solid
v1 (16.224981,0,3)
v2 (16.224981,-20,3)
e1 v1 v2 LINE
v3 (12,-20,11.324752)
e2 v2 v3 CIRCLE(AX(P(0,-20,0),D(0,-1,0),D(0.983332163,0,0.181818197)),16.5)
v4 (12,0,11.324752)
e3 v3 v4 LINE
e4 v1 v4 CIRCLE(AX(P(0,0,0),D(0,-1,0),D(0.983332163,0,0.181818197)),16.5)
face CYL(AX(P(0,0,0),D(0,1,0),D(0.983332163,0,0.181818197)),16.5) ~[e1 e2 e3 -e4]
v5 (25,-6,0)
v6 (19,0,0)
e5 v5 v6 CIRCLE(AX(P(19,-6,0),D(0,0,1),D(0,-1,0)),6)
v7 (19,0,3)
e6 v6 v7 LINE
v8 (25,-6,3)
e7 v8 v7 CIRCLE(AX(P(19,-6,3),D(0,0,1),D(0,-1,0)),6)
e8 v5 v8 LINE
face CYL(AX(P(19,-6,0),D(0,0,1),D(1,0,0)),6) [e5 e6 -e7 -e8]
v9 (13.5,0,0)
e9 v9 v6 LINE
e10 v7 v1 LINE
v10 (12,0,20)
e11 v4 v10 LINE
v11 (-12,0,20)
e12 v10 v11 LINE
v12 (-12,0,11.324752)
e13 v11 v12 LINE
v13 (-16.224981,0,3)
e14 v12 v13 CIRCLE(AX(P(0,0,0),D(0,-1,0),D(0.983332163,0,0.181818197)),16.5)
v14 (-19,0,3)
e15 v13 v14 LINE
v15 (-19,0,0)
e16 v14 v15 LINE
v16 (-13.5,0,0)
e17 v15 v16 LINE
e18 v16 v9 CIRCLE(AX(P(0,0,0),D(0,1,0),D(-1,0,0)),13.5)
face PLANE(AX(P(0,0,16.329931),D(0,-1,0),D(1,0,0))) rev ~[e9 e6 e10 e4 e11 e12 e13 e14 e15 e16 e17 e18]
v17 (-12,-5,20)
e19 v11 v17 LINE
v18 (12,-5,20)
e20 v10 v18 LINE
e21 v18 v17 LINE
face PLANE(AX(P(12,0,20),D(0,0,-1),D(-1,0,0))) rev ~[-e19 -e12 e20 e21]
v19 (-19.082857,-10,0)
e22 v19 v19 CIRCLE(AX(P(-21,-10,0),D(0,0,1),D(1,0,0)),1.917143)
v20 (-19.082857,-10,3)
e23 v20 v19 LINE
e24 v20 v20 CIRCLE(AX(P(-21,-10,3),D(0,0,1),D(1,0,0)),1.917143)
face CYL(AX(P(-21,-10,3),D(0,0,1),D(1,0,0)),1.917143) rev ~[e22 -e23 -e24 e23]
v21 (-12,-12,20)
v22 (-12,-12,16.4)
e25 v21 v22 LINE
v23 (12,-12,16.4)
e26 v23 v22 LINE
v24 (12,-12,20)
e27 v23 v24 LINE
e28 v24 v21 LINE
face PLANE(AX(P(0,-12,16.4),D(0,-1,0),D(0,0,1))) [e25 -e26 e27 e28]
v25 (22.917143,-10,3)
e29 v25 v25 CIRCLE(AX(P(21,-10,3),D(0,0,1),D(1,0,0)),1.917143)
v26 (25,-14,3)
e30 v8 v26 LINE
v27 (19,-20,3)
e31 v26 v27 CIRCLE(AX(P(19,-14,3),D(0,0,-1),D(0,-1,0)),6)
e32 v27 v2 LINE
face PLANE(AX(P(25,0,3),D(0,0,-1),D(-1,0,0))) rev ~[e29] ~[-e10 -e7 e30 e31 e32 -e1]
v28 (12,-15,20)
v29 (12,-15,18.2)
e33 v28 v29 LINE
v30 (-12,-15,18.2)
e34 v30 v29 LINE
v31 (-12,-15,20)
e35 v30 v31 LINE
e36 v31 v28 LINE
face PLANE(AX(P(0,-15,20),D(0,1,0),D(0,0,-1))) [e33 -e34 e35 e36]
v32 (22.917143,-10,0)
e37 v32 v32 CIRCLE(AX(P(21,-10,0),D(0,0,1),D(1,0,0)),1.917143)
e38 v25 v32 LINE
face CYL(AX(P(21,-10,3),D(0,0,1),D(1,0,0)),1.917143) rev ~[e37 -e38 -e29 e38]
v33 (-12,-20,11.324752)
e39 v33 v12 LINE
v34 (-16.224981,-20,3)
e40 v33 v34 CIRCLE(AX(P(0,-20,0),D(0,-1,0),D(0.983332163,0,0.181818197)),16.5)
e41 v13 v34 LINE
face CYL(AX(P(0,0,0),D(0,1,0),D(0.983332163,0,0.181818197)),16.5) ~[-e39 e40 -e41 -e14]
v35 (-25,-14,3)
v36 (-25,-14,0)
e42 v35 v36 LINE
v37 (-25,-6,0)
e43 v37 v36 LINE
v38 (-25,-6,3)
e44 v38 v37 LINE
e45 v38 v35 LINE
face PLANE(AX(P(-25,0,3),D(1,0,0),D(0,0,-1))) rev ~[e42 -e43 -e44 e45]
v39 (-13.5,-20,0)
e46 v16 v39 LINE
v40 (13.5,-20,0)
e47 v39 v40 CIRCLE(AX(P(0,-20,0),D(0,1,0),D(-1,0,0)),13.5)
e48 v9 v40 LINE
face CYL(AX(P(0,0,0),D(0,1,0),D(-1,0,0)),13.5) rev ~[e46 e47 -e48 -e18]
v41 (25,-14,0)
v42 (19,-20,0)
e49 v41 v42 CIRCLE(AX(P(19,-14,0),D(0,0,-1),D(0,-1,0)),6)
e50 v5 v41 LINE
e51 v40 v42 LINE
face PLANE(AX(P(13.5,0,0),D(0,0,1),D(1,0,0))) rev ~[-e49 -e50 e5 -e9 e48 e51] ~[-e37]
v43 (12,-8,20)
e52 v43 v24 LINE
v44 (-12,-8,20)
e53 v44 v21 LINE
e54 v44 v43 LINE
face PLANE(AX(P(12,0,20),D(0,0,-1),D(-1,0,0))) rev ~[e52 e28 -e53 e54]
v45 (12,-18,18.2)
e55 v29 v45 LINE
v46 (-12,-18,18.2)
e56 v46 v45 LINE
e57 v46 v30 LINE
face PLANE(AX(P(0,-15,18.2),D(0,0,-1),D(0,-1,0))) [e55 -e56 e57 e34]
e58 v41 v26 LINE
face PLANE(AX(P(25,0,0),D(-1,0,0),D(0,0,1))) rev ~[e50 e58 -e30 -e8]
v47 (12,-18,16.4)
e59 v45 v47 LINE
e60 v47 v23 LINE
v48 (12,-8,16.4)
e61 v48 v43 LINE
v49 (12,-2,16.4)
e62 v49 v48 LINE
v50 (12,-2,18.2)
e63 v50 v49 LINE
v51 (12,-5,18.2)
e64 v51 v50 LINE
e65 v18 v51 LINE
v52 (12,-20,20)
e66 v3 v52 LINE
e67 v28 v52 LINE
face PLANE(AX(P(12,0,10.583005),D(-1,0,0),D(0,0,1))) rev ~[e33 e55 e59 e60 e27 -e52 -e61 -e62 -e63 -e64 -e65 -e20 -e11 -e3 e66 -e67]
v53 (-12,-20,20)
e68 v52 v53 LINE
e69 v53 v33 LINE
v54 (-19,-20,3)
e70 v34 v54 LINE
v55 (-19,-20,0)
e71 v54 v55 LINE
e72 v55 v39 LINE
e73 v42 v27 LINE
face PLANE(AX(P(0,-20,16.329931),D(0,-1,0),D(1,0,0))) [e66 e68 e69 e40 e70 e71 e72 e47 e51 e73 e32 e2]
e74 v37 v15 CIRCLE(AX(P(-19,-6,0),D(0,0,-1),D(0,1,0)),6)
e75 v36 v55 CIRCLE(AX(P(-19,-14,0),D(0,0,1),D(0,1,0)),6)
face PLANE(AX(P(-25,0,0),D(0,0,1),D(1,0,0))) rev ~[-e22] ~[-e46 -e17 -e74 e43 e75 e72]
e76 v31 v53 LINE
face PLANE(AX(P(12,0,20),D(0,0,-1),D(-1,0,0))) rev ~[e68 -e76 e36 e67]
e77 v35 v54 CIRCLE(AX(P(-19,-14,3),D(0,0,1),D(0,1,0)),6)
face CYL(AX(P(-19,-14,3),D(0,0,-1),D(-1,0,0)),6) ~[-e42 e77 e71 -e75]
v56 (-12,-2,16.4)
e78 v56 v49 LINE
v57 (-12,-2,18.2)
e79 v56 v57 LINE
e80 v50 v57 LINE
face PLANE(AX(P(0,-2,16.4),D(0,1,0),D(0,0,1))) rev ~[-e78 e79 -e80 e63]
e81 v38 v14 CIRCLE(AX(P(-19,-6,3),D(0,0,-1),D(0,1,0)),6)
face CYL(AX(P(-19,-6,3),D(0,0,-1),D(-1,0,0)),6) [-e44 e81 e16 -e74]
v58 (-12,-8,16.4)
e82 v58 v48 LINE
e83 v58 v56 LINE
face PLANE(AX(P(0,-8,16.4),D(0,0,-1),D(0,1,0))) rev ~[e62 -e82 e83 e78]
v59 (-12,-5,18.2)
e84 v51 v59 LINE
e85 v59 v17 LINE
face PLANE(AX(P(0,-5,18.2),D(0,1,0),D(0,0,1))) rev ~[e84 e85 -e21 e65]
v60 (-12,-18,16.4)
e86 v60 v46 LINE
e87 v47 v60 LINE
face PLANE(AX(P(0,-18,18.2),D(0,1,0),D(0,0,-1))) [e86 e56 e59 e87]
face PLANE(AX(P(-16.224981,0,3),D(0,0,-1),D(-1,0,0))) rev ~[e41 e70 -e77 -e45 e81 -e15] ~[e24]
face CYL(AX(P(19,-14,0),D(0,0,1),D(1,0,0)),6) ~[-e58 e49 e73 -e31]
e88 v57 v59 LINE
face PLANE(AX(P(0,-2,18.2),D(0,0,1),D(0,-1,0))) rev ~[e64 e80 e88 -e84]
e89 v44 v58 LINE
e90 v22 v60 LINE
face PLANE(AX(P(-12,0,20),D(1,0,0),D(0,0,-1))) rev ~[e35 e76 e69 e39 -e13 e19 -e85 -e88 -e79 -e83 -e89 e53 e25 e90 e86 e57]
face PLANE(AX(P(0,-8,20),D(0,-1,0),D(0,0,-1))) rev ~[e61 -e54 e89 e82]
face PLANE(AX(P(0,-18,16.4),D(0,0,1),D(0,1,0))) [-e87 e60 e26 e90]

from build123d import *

# Parameters (mm, degrees)
F1_DEPTH = 20
F2_R     = 6
F3_R     = 1.917143
F4_DEPTH = 25
F6_DEPTH = 20
F8_DEPTH = 12.5


with BuildPart() as f1:
    # F0 (on Front) → F1 (new body)
    with BuildSketch(Plane.XZ):
        with BuildLine():
            Line((-25, 3), (-25, 0))
            Line((-25, 0), (-13.5, 0))
            ThreePointArc((-13.5, 0), (0, 13.5), (13.5, 0))
            Line((13.5, 0), (25, 0))
            Line((25, 0), (25, 3))
            Line((25, 3), (16.224981, 3))
            ThreePointArc((16.224981, 3), (0, 16.5), (-16.224981, 3))
            Line((-16.224981, 3), (-25, 3))
        make_face()
    extrude(amount=F1_DEPTH)

    # F2
    f2_edges = [f1.edges().sort_by_distance(p)[0] for p in [
        (25, -20, 1.5),
        (25, 0, 1.5),
        (-25, -20, 1.5),
        (-25, 0, 1.5),
    ]]
    fillet(f2_edges, radius=F2_R)

    # F3 (on face) → F4 (cut)
    with BuildSketch(Plane.XY.offset(3)):
        with Locations((-21, -10)):
            Circle(F3_R)
        with Locations((21, -10)):
            Circle(F3_R)
    extrude(amount=-F4_DEPTH, mode=Mode.SUBTRACT)

    # F5 (on Front) → F6 (join)
    with BuildSketch(Plane.XZ):
        with BuildLine():
            Line((12, 20), (-12, 20))
            Line((-12, 20), (-12, 10.583005))
            ThreePointArc((-12, 10.583005), (0, 16), (12, 10.583005))
            Line((12, 10.583005), (12, 20))
        make_face()
    extrude(amount=F6_DEPTH)

    # F7 (on Right) → F8 (cut, symmetric)
    with BuildSketch(Plane.YZ):
        Polygon((-12, 20), (-15, 20), (-15, 18.2), (-18, 18.2), (-18, 16.4), (-12, 16.4), align=None)
        Polygon((-5, 20), (-8, 20), (-8, 16.4), (-2, 16.4), (-2, 18.2), (-5, 18.2), align=None)
    extrude(amount=F8_DEPTH, both=True, mode=Mode.SUBTRACT)


solid = f1.part
